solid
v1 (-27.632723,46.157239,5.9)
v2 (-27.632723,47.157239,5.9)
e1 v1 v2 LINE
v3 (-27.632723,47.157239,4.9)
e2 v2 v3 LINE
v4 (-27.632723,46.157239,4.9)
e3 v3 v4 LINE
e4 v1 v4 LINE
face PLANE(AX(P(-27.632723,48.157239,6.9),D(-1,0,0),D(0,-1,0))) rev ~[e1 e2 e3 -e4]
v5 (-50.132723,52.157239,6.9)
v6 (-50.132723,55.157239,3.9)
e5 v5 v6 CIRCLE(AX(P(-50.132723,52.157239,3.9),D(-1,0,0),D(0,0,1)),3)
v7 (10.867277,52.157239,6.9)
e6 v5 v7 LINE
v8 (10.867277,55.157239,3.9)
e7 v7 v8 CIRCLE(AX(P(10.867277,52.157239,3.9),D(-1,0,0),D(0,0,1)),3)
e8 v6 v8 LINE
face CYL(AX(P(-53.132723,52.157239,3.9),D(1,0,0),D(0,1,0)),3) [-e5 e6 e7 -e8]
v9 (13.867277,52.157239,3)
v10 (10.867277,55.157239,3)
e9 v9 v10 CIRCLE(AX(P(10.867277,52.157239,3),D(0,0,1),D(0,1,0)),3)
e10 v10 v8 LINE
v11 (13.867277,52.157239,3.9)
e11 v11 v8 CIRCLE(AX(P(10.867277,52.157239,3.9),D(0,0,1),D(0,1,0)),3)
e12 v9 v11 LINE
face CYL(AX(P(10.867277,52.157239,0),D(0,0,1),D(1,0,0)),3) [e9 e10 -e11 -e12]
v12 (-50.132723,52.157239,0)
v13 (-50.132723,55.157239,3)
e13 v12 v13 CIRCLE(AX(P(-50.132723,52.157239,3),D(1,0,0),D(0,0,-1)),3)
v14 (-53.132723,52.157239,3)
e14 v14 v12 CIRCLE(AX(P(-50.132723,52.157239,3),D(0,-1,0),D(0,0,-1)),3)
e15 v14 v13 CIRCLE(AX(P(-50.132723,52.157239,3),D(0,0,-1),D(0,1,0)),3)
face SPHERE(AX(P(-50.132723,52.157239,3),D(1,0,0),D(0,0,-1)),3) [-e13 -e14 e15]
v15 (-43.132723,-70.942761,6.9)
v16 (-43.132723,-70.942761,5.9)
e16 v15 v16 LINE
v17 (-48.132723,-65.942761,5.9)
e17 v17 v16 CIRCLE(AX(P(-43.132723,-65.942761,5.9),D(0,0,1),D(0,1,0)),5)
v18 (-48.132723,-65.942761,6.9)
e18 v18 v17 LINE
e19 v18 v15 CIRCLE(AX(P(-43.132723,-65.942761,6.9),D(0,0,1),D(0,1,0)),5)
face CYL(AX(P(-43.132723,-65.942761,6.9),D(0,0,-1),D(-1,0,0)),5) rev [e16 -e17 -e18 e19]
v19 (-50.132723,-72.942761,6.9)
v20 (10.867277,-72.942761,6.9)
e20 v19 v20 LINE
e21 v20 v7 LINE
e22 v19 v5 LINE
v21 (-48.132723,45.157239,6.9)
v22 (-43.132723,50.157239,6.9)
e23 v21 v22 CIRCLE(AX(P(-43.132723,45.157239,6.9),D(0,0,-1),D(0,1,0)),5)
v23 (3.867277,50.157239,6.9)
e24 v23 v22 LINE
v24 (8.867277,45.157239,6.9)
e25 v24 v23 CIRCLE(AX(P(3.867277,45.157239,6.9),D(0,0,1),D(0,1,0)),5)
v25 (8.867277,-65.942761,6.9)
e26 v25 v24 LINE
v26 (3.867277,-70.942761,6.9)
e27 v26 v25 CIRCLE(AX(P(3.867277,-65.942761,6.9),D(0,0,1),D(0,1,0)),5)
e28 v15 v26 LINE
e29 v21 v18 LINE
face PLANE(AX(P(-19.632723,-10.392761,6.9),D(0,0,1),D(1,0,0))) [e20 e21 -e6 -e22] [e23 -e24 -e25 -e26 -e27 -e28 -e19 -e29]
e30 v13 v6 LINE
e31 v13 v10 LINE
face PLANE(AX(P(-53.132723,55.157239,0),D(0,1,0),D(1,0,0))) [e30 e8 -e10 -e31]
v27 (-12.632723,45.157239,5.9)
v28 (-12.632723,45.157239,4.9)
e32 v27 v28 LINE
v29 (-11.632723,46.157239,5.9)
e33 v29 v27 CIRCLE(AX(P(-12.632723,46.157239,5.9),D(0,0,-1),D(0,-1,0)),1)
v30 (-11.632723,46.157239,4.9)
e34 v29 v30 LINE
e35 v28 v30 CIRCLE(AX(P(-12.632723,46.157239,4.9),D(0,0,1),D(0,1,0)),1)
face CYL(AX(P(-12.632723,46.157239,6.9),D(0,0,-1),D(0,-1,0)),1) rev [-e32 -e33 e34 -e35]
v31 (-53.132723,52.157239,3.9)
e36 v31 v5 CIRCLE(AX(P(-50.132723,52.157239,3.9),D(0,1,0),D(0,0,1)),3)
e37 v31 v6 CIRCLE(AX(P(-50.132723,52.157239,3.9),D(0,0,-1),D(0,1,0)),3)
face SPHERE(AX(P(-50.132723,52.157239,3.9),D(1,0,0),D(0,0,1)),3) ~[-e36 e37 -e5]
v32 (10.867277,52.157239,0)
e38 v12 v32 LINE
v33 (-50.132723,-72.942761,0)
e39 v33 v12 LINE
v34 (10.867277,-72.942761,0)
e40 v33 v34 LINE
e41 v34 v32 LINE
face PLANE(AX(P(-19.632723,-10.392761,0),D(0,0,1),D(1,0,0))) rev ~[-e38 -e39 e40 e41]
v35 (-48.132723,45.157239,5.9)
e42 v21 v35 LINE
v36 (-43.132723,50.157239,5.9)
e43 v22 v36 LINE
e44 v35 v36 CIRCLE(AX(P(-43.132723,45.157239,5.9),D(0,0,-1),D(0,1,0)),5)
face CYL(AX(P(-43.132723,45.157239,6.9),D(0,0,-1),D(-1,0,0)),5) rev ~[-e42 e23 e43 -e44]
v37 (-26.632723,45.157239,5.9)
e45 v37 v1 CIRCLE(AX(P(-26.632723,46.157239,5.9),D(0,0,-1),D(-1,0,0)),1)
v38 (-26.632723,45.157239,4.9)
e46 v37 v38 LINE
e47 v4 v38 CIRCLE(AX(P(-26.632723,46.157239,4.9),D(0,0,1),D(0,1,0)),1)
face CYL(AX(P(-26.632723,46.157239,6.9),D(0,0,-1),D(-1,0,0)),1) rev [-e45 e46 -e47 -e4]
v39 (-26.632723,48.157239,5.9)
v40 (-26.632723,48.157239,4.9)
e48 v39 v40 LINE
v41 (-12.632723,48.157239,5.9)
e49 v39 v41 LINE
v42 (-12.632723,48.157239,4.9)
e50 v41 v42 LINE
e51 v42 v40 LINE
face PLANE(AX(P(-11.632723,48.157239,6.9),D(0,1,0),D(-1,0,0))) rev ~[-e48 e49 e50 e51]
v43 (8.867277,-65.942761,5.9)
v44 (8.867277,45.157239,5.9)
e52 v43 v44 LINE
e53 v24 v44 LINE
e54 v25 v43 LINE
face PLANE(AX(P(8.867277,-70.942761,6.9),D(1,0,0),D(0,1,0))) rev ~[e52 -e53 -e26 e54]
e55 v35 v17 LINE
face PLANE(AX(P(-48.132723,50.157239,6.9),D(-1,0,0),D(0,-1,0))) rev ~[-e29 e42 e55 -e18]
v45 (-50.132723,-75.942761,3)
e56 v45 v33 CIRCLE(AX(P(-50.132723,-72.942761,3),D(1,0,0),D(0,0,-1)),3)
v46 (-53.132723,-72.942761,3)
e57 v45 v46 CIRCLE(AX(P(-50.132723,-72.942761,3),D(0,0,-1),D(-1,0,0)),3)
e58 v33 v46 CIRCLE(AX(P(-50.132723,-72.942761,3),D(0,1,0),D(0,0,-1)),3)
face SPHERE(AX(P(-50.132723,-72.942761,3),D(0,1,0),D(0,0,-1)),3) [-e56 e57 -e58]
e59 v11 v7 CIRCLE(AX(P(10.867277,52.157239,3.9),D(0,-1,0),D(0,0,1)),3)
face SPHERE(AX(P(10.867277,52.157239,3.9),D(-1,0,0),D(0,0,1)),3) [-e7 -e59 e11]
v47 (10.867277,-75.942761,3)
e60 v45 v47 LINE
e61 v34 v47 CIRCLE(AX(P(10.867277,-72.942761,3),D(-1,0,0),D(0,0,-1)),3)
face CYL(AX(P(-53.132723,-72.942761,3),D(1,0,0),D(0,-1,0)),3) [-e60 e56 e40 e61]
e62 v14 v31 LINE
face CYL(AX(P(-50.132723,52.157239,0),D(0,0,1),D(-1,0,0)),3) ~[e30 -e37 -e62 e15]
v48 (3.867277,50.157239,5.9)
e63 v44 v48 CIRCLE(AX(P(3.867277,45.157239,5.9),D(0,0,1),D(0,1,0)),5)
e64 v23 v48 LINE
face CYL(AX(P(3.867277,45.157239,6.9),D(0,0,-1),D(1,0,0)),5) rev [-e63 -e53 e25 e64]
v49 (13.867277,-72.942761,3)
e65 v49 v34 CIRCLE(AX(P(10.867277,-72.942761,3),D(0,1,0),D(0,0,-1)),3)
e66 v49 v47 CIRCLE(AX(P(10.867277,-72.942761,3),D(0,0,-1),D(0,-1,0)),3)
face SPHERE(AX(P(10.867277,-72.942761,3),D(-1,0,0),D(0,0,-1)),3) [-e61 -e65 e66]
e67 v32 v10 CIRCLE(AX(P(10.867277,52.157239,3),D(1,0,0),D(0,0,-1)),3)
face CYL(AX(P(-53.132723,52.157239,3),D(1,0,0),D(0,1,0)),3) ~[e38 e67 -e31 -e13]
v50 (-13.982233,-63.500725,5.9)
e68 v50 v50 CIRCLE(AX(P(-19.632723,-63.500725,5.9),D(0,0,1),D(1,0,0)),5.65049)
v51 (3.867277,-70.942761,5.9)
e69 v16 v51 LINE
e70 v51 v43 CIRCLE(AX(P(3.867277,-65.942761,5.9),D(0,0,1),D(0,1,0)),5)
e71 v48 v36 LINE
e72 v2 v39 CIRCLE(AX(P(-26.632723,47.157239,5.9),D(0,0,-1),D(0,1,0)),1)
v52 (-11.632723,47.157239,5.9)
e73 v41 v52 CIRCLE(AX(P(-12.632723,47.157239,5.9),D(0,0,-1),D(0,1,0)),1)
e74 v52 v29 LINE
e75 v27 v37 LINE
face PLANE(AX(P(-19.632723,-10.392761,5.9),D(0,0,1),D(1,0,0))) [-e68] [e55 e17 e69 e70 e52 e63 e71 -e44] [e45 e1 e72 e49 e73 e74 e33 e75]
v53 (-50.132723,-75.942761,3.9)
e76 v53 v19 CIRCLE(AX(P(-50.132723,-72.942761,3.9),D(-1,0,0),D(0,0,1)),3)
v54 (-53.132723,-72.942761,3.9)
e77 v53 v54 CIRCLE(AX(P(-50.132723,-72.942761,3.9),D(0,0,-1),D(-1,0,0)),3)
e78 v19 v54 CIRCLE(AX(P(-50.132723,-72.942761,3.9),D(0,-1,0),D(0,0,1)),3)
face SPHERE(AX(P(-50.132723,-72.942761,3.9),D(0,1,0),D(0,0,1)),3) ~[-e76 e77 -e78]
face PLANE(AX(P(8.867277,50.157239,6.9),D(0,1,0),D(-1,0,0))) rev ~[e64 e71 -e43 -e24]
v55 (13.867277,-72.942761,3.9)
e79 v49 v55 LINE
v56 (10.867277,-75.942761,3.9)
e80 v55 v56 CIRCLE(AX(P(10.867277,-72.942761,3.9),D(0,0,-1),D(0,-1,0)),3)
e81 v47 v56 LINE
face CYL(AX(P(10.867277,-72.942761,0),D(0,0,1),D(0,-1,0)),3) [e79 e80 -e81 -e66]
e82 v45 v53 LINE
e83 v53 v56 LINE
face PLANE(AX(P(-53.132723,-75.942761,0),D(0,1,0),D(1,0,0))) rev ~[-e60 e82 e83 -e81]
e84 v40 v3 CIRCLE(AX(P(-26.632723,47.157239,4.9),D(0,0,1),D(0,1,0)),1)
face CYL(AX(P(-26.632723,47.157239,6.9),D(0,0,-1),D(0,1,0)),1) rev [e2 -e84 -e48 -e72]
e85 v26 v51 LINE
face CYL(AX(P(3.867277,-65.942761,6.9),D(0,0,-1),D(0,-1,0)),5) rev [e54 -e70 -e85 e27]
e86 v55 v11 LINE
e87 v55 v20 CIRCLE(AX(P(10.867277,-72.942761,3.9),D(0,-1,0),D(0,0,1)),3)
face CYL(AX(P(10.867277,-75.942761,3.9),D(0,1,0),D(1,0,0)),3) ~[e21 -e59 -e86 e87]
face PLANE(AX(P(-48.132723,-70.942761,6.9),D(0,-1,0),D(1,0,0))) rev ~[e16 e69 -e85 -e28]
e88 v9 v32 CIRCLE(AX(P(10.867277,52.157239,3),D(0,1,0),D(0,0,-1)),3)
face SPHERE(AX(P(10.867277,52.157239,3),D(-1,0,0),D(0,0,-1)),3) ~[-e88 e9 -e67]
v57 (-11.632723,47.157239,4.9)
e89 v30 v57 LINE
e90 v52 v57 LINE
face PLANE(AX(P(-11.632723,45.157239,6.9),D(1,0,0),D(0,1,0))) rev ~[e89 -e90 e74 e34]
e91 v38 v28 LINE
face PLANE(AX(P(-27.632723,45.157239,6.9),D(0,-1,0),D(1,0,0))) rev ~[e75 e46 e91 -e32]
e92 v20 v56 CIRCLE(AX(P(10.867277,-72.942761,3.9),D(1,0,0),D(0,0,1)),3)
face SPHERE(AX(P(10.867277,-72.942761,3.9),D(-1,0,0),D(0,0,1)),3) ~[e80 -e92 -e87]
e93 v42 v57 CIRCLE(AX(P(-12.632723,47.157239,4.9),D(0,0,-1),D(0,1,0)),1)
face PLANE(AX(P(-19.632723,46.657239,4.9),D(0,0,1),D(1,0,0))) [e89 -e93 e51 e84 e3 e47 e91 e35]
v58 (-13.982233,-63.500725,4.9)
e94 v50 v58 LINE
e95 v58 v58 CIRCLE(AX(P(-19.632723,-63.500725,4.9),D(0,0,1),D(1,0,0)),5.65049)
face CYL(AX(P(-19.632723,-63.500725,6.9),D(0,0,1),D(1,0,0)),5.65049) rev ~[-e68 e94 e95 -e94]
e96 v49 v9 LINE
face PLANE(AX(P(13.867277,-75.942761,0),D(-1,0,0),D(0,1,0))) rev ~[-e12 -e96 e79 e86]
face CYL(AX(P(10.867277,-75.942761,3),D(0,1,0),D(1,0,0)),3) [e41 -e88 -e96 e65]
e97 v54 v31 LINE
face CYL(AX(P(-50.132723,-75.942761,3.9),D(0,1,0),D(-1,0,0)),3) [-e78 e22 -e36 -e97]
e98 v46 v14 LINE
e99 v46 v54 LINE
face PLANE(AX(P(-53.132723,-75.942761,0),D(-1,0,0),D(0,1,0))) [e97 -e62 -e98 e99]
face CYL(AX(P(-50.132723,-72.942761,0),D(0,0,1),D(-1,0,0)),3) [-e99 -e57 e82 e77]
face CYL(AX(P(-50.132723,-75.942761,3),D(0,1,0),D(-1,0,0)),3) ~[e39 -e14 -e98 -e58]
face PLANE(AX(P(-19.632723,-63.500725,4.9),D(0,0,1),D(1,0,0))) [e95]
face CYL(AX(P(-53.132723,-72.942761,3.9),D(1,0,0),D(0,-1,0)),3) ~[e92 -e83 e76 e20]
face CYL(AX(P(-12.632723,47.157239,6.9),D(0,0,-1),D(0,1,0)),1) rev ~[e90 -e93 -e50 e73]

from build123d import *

# Parameters (mm, degrees)
F0_W     = 67
F0_H     = 131.1
F1_DEPTH = 6.9
F2_R     = 3
F3_R     = 5.65049
F4_DEPTH = 2
F5_R     = 1
F7_DEPTH = 1
F8_R     = 5


with BuildPart() as f1:
    # F0 (on Top) → F1 (new body)
    with BuildSketch(Plane.XY):
        with Locations((-19.632723, -10.392761)):
            Rectangle(F0_W, F0_H)
    extrude(amount=F1_DEPTH)

    # F2
    f2_edges = [f1.edges().sort_by_distance(p)[0] for p in [
        (-19.632723, 55.157239, 6.9),
        (-53.132723, -10.392761, 6.9),
        (-19.632723, -75.942761, 6.9),
        (13.867277, -10.392761, 6.9),
        (-19.632723, 55.157239, 0),
        (-53.132723, -10.392761, 0),
        (-19.632723, -75.942761, 0),
        (13.867277, -10.392761, 0),
        (13.867277, -75.942761, 3.45),
        (-53.132723, -75.942761, 3.45),
        (13.867277, 55.157239, 3.45),
        (-53.132723, 55.157239, 3.45),
    ]]
    fillet(f2_edges, radius=F2_R)

    # F3 (on face) → F4 (cut)
    with BuildSketch(Plane.XY.offset(6.9)):
        with Locations((-19.632723, -63.500725)):
            Circle(F3_R)
        Polygon((-11.632723, 48.157239), (-19.632723, 48.157239), (-27.632723, 48.157239), (-27.632723, 45.157239), (-11.632723, 45.157239), align=None)
    extrude(amount=-F4_DEPTH, mode=Mode.SUBTRACT)

    # F5
    f5_edges = [f1.edges().sort_by_distance(p)[0] for p in [
        (-27.632723, 45.157239, 5.9),
        (-27.632723, 48.157239, 5.9),
        (-11.632723, 48.157239, 5.9),
        (-11.632723, 45.157239, 5.9),
    ]]
    fillet(f5_edges, radius=F5_R)

    # F6 (on face) → F7 (cut)
    with BuildSketch(Plane.XY.offset(6.9)):
        Polygon((-48.132723, 50.157239), (-48.132723, 49.157239), (-48.132723, -70.942761), (8.867277, -70.942761), (8.867277, 50.157239), align=None)
    extrude(amount=-F7_DEPTH, mode=Mode.SUBTRACT)

    # F8
    f8_edges = [f1.edges().sort_by_distance(p)[0] for p in [
        (-48.132723, 50.157239, 6.4),
        (8.867277, 50.157239, 6.4),
        (8.867277, -70.942761, 6.4),
        (-48.132723, -70.942761, 6.4),
    ]]
    fillet(f8_edges, radius=F8_R)


solid = f1.part
